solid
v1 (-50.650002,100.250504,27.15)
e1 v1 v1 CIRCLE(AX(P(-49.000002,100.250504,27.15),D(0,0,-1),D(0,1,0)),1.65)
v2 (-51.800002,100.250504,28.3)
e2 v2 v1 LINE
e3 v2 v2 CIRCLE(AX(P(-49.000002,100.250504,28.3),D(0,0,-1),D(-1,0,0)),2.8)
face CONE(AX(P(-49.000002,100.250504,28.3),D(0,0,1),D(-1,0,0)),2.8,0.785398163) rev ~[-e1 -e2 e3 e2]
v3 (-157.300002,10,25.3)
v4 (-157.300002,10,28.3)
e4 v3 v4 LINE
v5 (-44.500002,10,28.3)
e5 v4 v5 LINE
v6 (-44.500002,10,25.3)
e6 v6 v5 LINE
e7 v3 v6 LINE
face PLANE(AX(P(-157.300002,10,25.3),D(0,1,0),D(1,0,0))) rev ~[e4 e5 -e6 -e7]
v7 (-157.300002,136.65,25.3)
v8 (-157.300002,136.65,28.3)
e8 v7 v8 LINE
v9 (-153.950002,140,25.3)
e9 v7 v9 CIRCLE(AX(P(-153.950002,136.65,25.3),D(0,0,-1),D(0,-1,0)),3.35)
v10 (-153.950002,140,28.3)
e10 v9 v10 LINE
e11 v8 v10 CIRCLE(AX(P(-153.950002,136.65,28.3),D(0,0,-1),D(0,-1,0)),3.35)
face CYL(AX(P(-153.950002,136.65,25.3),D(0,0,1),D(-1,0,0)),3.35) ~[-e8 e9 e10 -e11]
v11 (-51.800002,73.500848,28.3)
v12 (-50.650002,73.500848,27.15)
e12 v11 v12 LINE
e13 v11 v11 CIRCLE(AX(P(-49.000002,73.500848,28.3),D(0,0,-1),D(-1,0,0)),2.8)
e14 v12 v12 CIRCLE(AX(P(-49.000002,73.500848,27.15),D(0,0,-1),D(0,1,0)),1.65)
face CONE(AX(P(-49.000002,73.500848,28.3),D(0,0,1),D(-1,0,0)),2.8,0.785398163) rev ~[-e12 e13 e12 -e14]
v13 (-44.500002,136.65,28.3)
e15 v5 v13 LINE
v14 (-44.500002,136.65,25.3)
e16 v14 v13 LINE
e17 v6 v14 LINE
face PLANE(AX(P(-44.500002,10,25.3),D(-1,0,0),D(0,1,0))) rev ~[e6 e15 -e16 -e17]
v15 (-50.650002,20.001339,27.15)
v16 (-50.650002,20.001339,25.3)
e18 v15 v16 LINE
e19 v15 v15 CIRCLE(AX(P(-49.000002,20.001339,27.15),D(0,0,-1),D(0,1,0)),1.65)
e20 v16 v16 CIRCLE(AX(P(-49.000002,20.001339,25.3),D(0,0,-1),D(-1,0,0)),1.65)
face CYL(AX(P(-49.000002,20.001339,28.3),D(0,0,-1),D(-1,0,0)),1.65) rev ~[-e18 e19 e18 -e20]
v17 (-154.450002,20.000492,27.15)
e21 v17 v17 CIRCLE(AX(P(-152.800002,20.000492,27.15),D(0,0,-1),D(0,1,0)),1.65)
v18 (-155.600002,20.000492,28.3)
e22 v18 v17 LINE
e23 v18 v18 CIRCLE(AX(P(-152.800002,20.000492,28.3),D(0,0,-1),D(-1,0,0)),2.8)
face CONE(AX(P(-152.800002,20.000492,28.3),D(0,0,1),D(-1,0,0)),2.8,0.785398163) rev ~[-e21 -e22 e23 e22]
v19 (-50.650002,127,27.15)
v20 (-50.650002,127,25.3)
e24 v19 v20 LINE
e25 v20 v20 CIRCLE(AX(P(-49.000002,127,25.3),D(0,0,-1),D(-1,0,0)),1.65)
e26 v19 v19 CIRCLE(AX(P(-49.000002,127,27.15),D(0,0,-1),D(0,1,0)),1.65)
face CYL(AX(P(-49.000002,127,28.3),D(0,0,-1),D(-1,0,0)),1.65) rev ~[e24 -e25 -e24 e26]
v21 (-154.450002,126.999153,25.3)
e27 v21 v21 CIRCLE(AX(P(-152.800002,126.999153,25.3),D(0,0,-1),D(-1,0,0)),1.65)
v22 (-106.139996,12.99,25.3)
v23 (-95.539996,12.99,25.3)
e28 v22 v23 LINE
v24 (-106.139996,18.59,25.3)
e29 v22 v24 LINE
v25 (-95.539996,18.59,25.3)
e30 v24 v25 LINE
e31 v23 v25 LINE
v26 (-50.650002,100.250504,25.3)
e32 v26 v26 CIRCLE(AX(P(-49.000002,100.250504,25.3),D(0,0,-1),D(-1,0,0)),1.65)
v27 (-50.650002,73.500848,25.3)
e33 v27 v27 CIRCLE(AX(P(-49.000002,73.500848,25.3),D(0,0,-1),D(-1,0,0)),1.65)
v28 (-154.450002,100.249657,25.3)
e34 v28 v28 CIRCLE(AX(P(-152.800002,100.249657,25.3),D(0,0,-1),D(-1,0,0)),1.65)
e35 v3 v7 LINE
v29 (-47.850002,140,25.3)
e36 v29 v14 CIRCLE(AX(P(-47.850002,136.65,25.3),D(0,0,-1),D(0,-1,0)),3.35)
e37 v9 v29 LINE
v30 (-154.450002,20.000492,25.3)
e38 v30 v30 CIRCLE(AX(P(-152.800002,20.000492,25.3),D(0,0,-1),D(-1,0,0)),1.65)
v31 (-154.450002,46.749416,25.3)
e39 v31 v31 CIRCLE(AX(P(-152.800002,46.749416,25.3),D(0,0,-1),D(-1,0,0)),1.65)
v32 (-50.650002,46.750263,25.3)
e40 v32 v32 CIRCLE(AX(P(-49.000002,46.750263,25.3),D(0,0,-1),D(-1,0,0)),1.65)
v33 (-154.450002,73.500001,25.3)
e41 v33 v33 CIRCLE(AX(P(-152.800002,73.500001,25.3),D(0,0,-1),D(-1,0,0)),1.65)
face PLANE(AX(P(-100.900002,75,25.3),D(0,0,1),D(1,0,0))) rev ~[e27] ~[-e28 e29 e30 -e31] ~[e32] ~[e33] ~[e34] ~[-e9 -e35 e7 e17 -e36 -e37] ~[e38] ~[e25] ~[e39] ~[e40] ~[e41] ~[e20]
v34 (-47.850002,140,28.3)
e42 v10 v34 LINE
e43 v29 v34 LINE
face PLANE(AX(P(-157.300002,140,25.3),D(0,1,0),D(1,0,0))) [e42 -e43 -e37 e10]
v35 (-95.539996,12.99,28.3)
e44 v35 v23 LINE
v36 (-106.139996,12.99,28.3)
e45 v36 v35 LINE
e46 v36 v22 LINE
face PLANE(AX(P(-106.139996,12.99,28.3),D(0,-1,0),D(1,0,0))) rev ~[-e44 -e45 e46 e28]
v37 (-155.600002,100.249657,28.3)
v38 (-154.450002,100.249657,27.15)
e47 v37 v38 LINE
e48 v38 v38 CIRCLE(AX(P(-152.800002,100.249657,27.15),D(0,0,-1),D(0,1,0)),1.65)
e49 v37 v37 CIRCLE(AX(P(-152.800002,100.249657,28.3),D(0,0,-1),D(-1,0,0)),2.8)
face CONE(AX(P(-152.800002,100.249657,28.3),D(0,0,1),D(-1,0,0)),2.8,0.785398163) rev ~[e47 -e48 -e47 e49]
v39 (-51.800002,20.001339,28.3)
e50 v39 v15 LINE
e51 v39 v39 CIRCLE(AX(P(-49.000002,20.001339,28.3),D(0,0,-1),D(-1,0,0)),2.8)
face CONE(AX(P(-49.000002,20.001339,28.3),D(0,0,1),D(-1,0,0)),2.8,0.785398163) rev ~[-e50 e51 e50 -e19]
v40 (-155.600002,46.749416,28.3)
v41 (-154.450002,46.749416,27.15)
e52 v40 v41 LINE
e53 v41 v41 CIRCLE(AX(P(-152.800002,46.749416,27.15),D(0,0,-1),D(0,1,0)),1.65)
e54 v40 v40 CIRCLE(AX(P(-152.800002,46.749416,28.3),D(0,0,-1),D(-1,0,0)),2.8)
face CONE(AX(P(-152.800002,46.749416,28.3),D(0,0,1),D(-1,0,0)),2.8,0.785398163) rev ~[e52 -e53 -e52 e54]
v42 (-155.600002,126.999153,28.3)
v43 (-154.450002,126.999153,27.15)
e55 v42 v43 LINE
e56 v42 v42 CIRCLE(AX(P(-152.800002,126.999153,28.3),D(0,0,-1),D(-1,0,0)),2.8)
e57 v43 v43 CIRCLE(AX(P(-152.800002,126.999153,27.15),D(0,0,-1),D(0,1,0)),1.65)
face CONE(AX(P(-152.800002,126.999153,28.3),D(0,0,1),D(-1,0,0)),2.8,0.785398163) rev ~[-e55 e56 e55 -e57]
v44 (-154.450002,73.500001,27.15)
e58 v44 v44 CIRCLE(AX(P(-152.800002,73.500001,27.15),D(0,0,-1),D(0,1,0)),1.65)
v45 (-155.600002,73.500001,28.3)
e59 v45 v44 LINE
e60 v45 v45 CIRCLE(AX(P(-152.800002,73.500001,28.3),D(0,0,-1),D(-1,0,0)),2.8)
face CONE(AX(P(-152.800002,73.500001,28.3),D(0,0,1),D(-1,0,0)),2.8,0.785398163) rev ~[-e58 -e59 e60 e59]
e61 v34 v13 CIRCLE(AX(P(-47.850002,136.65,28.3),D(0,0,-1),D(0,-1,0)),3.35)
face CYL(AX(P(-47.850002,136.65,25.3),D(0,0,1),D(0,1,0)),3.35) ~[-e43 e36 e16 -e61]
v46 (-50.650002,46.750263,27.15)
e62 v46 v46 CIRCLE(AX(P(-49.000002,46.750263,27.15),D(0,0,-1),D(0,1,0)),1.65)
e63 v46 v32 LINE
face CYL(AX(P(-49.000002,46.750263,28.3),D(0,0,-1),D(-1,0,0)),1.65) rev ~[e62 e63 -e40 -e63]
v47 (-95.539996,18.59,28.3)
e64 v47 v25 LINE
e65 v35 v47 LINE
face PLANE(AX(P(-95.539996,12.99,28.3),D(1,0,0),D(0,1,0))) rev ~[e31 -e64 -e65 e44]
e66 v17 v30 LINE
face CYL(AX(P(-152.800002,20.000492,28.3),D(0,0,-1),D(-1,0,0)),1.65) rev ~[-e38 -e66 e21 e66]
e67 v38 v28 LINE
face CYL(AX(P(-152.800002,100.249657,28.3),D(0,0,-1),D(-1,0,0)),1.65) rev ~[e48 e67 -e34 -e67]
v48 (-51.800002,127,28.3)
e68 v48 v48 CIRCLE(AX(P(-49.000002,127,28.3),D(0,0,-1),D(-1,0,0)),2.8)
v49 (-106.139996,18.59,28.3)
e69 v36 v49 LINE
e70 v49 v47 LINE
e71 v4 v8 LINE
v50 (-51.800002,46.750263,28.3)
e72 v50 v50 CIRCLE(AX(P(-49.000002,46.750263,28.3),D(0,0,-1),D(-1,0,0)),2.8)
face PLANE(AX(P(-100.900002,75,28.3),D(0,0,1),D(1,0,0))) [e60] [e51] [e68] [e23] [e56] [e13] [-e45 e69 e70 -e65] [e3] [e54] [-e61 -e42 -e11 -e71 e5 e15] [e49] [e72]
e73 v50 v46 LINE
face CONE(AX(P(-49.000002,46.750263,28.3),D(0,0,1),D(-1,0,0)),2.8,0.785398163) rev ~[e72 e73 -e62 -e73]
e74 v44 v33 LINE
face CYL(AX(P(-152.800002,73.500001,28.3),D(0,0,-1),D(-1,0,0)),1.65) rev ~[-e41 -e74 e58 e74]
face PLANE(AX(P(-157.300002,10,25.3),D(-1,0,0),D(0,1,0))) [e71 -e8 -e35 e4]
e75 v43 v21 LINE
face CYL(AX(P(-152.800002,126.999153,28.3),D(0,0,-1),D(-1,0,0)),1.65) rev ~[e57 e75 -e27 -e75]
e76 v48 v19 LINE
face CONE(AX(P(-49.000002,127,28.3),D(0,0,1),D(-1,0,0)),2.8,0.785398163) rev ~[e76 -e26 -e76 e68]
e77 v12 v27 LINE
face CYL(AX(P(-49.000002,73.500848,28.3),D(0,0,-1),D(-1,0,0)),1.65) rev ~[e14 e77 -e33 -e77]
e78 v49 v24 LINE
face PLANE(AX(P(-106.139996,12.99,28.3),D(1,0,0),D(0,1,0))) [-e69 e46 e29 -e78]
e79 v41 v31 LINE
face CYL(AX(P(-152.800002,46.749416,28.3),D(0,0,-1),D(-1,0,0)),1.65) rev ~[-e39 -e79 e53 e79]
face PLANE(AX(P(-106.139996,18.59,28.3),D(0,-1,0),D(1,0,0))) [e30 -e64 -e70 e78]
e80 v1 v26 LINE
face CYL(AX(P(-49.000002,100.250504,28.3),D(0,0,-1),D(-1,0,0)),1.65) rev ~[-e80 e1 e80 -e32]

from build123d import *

# Parameters (mm, degrees)
SKETCH068_W         = 112.8
SKETCH068_H         = 130
PAD003_DEPTH        = 3
HOLE015_D           = 3.3
HOLE015_DEPTH       = 3
HOLE015_CSINK_D     = 5.6
HOLE015_CSINK_ANGLE = 90
SKETCH073_W         = 10.6
SKETCH073_H         = 5.6
POCKET016_DEPTH     = 5
FILLET001_R         = 3.35


with BuildPart() as part:
    # Sketch068 → Pad003 (new body)
    with BuildSketch(Plane.XY):
        with Locations((-100.900002, 75)):
            Rectangle(SKETCH068_W, SKETCH068_H)
    extrude(amount=PAD003_DEPTH)

    # Hole015
    with Locations(Plane.XY.offset(3)):
        with Locations((-152.800002, 20.000492), (-152.800002, 46.749416), (-152.800002, 73.500001), (-152.800002, 100.249657), (-152.800002, 126.999153), (-49.000002, 20.001339), (-49.000002, 46.750263), (-49.000002, 73.500848), (-49.000002, 100.250504), (-49.000002, 127)):
            CounterSinkHole(HOLE015_D / 2, HOLE015_CSINK_D / 2, depth=HOLE015_DEPTH, counter_sink_angle=HOLE015_CSINK_ANGLE)

    # Sketch073 (on Face5 of Hole015) → Pocket016 (cut)
    with BuildSketch(Plane.XY.offset(3)):
        with Locations((-100.839996, 15.79)):
            Rectangle(SKETCH073_W, SKETCH073_H)
    extrude(amount=-POCKET016_DEPTH, mode=Mode.SUBTRACT)

    # Fillet001
    fillet001_edges = [part.edges().sort_by_distance(p)[0] for p in [
        (-44.500002, 140, 1.5),
        (-157.300002, 140, 1.5),
    ]]
    fillet(fillet001_edges, radius=FILLET001_R)


with BuildPart() as part_1:
    # Body009 placement: moved
    add(part.part.moved(Location((0, 0, 25.3))))


solid = part_1.part
